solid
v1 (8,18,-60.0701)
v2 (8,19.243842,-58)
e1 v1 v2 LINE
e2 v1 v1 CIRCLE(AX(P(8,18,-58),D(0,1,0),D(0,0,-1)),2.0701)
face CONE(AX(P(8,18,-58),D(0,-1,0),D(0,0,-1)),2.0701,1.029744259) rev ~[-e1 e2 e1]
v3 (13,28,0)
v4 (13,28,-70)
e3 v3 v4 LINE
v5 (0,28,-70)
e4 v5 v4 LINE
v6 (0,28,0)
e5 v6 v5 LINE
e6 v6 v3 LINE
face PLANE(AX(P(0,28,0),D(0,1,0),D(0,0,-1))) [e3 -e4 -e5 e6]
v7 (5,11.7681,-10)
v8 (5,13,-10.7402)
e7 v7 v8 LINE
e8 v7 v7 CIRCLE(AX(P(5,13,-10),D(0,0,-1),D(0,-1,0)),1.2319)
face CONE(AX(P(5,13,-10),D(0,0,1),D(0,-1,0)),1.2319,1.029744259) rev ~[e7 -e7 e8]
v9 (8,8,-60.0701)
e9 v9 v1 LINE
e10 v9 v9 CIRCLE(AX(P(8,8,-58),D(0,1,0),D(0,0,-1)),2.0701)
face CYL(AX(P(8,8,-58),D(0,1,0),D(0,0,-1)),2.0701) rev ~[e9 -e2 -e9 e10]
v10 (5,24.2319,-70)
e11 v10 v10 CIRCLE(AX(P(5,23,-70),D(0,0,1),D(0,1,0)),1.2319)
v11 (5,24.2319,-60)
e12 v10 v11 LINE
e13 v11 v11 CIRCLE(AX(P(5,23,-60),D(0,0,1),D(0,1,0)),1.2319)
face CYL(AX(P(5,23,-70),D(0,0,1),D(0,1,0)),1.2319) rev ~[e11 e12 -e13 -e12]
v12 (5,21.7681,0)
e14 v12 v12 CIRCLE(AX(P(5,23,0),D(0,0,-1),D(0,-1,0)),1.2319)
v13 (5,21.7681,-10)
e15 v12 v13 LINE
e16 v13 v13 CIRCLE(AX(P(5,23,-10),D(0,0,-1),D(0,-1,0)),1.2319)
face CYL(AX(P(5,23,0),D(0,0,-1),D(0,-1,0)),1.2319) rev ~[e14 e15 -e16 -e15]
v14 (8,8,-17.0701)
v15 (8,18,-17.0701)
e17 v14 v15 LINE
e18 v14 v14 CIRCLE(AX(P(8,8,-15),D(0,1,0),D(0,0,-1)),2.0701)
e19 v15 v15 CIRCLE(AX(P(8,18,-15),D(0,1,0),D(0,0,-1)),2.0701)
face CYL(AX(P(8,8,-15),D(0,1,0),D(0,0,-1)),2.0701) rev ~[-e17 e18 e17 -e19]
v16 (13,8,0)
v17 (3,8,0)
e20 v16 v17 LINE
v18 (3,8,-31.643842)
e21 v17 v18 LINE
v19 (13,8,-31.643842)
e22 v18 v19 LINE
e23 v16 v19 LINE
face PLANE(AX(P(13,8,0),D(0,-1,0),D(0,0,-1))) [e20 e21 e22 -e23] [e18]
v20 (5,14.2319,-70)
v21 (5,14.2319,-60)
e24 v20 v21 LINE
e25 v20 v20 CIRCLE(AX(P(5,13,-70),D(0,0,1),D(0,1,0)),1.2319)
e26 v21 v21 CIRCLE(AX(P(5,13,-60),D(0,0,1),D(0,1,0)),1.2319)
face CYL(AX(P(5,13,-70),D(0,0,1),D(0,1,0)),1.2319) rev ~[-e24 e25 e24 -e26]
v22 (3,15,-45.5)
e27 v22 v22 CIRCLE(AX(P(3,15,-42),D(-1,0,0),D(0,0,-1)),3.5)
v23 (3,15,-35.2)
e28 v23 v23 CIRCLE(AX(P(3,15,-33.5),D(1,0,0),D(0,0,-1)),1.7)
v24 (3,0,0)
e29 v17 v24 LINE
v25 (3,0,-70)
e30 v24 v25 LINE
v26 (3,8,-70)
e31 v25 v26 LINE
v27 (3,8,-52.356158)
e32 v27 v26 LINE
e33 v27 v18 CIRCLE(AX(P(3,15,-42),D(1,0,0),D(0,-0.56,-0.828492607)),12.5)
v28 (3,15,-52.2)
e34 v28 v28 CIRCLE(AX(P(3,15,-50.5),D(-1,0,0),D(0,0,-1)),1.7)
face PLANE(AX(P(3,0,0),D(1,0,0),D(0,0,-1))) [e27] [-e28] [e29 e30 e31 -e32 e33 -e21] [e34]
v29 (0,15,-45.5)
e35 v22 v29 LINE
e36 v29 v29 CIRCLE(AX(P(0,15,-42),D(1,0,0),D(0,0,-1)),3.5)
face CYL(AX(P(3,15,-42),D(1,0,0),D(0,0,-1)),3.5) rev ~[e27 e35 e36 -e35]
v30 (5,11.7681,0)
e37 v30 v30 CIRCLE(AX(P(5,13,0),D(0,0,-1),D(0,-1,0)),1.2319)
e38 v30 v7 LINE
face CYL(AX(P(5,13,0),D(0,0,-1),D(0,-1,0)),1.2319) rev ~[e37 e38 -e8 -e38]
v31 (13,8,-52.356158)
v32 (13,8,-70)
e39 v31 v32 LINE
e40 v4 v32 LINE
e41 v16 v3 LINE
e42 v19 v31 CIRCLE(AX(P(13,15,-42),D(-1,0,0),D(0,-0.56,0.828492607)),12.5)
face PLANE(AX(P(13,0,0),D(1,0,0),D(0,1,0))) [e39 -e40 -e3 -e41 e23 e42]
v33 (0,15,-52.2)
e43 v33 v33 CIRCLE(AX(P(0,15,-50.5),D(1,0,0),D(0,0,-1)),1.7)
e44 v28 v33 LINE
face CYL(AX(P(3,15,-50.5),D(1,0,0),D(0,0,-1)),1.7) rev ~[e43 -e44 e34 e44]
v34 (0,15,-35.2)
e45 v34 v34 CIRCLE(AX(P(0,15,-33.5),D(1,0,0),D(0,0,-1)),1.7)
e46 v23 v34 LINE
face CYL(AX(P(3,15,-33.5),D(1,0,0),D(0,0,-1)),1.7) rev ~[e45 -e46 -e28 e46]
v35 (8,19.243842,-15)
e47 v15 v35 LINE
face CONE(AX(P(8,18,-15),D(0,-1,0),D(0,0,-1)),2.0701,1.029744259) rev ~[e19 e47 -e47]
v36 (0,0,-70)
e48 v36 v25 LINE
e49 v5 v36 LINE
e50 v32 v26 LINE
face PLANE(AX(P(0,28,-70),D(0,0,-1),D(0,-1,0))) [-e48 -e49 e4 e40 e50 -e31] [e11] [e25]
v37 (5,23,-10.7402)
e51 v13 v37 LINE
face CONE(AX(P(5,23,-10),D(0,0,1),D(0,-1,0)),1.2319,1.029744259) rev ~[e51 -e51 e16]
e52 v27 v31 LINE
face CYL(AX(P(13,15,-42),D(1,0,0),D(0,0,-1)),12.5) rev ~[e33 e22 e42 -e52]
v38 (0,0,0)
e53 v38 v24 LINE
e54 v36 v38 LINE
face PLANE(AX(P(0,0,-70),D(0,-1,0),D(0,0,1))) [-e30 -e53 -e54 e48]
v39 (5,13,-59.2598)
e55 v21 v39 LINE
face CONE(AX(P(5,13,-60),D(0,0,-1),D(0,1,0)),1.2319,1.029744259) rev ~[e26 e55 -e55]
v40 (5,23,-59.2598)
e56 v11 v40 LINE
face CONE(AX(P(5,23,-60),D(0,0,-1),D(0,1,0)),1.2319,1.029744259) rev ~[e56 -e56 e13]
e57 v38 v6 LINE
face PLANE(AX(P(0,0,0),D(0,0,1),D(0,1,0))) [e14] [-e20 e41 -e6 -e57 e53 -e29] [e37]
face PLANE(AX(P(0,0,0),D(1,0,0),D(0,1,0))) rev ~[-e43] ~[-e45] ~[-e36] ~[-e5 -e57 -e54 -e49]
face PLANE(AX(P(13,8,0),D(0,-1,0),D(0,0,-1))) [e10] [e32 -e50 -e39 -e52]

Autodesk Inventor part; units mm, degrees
ref_plane "YZ Plane" through (0, 0, 0) normal (1, 0, 0) x (0, 1, 0)
ref_plane "XZ Plane" through (0, 0, 0) normal (0, 1, 0) x (-1, 0, 0)
ref_plane "XY Plane" through (0, 0, 0) normal (0, 0, 1) x (1, 0, 0)
sketch "Sketch1" plane through (0, 0, 0) normal (1, 0, 0) x (0, 1, 0)
  line L0 (0, 0) -> (28, 0)
  line L1 (28, 0) -> (28, -70)
  line L2 (28, -70) -> (0, -70)
  line L3 (0, -70) -> (0, 0)
  dimension "d20" = 70
extrude "Extrusion1" add sketch "Sketch1" along normal blind 13
sketch "Sketch2" plane through (13, 0, 0) normal (1, 0, 0) x (0, 0, -1)
  line L0 (0, 8) -> (0, 0)
  line L1 (0, 28) -> (0, 0) projected
  line L2 (0, 0) -> (70, 0) projected
  line L3 (0, 0) -> (70, 0)
  line L4 (70, 0) -> (70, 8)
  line L5 (70, 0) -> (70, 28) projected
  line L6 (0, 8) -> (70, 8)
extrude "Extrusion2" cut sketch "Sketch2" against normal blind 10
sketch "Sketch3" plane through (13, 0, 0) normal (1, 0, 0) x (0, 0, -1)
  line L0 (70, 0) -> (0, 0) projected
  line L1 (70, 0) -> (42, 0)
  line L2 (42, 0) -> (42, 15)
  circle A0 centre (42, 15) radius 12.5
  dimension "d21" = 28
  dimension "d22" = 15
  dimension "d23" = 25
extrude "Extrusion3" cut sketch "Sketch3" against normal blind 10
sketch "Sketch4" plane through (3, 0, 0) normal (1, 0, 0) x (0, 0, -1)
  arc A0 (52.3562, 8) -> (31.6438, 8) centre (42, 15) ccw projected
  circle A1 centre (42, 15) radius 3.5
  line L0 (42, 15) -> (50.5, 15)
  line L1 (42, 15) -> (33.5, 15)
  circle A2 centre (33.5, 15) radius 1.7
  circle A3 centre (50.5, 15) radius 1.7
  point P0 (0, 0)
  dimension "d24" = 7
  dimension "d25" = 8.5
  dimension "d26" = 8.5
  dimension "d68" = 3.4
  dimension "d69" = 3.4
extrude "Extrusion4" cut sketch "Sketch4" against normal blind 3
sketch "Sketch5" plane through (0, 0, -70) normal (0, 0, -1) x (-1, 0, 0)
  line L0 (0, 28) -> (-13, 28) projected
  line L1 (0, 28) -> (-5, 28)
  line L2 (-5, 28) -> (-5, 23)
  line L3 (-5, 23) -> (0, 23)
  line L4 (0, 23) -> (0, 28)
  line L5 (0, 8) -> (-5, 8)
  line L6 (-5, 8) -> (-5, 13)
  line L7 (-5, 13) -> (0, 13)
  line L8 (0, 13) -> (0, 8)
  point P0 (0, 0)
  dimension "d29" = 5
  dimension "d30" = 5
  dimension "d31" = 5
  dimension "d32" = 5
hole "Hole1" at (5, 13, -70) at (5, 23, -70) direction (0, 0, 1) diameter 2.4638 depth 10 tip angle 118
sketch "Sketch6" plane through (0, 0, 0) normal (0, 0, 1) x (1, 0, 0)
  line L0 (0, 28) -> (13, 28) projected
  circle A0 centre (5, 23) radius 1.2319 projected
  line L1 (0, 28) -> (5, 28)
  line L2 (5, 28) -> (5, 23)
  line L3 (5, 23) -> (0, 23)
  line L4 (0, 23) -> (0, 28)
  circle A1 centre (5, 13) radius 1.2319 projected
  line L5 (0, 8) -> (5, 8)
  line L6 (5, 8) -> (5, 13)
  line L7 (5, 13) -> (0, 13)
  line L8 (0, 13) -> (0, 8)
  point P0 (0, 0)
  point P1 (3.8741, 22.5)
  point P2 (6.1259, 22.5)
hole "Hole2" at (5, 23, 0) at (5, 13, 0) direction (0, 0, -1) diameter 2.4638 depth 10 tip angle 118
sketch "Sketch9" plane through (3, 8, 0) normal (0, -1, 0) x (1, 0, 0)
  line L0 (-3, 0) -> (10, 0) projected
  line L1 (10, 0) -> (5, 0)
  line L2 (5, 0) -> (5, -15)
  line L3 (5, -15) -> (10, -15)
  line L4 (10, -15) -> (10, 0)
  line L5 (10, -70) -> (10, 0) projected
  line L6 (10, -70) -> (5, -70)
  line L7 (5, -70) -> (5, -58)
  line L8 (5, -58) -> (10, -58)
  line L9 (10, -58) -> (10, -70)
  dimension "d70" = 5
  dimension "d71" = 15
  dimension "d74" = 5
  dimension "d75" = 12
hole "Hole4" at (8, 8, -15) at (8, 8, -58) direction (0, 1, 0) diameter 4.1402 depth 10 tip angle 118
properties part number "mocowanie silnika"
